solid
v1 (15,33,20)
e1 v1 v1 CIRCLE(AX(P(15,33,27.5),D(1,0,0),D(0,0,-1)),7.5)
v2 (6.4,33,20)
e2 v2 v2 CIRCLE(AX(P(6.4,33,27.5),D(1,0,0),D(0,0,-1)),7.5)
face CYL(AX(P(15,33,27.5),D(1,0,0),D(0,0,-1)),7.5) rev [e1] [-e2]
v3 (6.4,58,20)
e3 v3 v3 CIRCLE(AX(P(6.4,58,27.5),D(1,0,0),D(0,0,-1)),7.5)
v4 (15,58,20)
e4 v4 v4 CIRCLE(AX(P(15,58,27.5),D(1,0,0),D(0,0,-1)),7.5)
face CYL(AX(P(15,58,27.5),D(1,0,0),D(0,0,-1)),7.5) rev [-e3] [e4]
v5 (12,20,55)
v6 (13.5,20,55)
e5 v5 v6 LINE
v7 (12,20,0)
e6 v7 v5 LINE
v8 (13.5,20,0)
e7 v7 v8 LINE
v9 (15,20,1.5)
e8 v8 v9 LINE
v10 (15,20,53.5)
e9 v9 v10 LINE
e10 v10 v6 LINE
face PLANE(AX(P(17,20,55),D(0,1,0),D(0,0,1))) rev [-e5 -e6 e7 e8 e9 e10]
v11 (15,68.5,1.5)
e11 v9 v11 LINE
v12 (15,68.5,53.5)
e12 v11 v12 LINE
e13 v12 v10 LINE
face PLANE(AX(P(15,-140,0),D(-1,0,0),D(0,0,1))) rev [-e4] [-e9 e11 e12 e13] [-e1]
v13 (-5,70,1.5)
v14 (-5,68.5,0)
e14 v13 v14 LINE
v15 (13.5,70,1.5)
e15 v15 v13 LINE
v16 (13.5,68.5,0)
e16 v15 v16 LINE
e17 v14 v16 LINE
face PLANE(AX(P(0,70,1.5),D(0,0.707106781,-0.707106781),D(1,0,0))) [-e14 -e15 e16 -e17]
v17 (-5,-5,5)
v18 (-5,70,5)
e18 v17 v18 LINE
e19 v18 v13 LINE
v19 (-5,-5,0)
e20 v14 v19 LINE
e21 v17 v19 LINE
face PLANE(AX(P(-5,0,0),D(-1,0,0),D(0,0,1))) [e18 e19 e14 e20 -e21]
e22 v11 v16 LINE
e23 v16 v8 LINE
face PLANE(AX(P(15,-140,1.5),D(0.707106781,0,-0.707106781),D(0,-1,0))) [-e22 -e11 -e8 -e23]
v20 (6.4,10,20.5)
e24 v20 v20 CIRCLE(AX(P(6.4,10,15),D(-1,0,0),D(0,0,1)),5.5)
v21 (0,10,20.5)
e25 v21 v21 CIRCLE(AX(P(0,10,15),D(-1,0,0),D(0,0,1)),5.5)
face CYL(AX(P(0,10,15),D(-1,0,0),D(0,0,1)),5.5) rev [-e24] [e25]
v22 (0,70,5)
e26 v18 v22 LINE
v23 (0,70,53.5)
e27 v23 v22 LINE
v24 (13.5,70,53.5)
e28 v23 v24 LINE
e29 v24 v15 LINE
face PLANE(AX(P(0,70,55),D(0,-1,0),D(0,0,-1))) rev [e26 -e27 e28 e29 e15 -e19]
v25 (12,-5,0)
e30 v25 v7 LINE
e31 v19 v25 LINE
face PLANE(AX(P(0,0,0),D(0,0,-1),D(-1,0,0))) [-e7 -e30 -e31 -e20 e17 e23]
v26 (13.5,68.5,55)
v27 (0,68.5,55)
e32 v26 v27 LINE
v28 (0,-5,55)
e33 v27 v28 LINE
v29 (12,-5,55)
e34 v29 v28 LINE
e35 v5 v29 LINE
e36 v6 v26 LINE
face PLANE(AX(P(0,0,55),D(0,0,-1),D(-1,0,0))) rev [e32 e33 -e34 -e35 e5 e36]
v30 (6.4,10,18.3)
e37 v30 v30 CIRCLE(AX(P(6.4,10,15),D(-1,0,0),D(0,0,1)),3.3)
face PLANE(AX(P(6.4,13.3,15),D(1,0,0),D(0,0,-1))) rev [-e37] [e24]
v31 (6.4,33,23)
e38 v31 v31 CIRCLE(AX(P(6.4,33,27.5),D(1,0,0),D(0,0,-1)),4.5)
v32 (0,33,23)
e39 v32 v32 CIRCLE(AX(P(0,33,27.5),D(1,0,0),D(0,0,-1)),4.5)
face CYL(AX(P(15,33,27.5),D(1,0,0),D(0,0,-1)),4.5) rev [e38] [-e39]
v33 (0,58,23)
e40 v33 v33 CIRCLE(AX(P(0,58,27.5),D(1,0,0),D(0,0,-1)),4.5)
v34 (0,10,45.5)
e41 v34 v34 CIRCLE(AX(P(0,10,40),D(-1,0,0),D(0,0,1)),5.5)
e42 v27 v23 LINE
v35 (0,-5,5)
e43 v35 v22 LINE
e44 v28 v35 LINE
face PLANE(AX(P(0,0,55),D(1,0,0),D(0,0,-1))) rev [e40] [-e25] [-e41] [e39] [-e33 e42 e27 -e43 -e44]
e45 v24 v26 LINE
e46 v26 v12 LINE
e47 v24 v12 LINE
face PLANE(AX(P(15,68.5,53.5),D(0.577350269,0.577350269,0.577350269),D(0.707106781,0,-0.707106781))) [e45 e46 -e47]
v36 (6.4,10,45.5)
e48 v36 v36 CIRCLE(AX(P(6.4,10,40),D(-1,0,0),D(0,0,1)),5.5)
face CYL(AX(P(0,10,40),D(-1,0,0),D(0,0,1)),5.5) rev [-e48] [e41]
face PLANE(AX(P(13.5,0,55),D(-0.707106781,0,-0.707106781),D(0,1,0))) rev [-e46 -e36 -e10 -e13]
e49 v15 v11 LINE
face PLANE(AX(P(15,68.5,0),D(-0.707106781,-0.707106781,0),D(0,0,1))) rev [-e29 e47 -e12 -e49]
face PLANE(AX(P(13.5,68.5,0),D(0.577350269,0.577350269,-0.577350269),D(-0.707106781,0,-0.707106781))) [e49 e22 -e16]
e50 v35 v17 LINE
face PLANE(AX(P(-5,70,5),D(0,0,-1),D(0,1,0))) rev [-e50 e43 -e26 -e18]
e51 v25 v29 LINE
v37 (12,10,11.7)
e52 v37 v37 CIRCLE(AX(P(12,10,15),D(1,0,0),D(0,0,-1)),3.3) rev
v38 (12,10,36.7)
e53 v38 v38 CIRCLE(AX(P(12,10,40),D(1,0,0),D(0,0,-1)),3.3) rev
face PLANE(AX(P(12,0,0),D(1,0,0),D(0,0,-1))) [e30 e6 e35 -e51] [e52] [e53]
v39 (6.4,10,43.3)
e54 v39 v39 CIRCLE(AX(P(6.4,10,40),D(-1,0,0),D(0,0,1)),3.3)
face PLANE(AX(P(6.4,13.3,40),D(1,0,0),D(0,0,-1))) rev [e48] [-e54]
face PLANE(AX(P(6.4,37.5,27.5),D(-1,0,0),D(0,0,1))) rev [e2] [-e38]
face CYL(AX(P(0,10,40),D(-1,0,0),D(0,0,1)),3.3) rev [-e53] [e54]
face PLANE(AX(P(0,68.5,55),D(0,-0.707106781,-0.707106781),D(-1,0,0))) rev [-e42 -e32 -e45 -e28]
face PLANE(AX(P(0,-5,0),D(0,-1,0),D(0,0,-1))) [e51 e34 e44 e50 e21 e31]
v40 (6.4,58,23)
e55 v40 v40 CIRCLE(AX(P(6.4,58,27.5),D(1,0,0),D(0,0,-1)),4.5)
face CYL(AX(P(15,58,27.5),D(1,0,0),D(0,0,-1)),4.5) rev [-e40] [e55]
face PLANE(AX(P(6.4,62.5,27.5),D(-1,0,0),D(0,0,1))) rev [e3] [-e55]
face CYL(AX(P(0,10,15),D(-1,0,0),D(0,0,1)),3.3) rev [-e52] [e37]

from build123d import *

# Parameters (mm, degrees)
BOSS_EXTRUDE1_DEPTH                                 = 55
SKETCH2_W                                           = 5
SKETCH2_H                                           = 70
BOSS_EXTRUDE2_DEPTH                                 = 5
M5_TAPPED_HOLE1_AT_2_COUNT                          = 2
M5_TAPPED_HOLE1_AT_2_PITCH                          = 20
M5_TAPPED_HOLE1_AT_3_COUNT                          = 2
M5_TAPPED_HOLE1_AT_3_PITCH                          = 40
M5_TAPPED_HOLE1_AT_4_COUNT                          = 2
M5_TAPPED_HOLE1_AT_4_PITCH                          = 60
SKETCH8_W                                           = 104.564197306
SKETCH8_H                                           = 46.562487895
CUT_EXTRUDE1_DEPTH                                  = 87
BOSS_EXTRUDE3_DEPTH                                 = 5
SKETCH10_W                                          = 55
SKETCH10_H                                          = 20
CUT_EXTRUDE2_DEPTH                                  = 3
CBORE_FOR_M6_HEX_SOCKET_HEAD_CAP_SCREW1_D           = 6.6
CBORE_FOR_M6_HEX_SOCKET_HEAD_CAP_SCREW1_CBORE_D     = 11
CBORE_FOR_M6_HEX_SOCKET_HEAD_CAP_SCREW1_CBORE_DEPTH = 6.4
SKETCH13_W                                          = 55
SKETCH13_H                                          = 20
CUT_EXTRUDE3_DEPTH                                  = 5
SKETCH14_W                                          = 5
SKETCH14_H                                          = 55
CUT_EXTRUDE4_DEPTH                                  = 210
SKETCH15_W                                          = 3
SKETCH15_H                                          = 5
CUT_EXTRUDE5_DEPTH                                  = 210
CBORE_FOR_M8_HEX_SOCKET_HEAD_CAP_SCREW1_D           = 9
CBORE_FOR_M8_HEX_SOCKET_HEAD_CAP_SCREW1_CBORE_D     = 15
CBORE_FOR_M8_HEX_SOCKET_HEAD_CAP_SCREW1_CBORE_DEPTH = 8.6
SKETCH18_W                                          = 5
SKETCH18_H                                          = 75
CUT_EXTRUDE6_DEPTH                                  = 210
CHAMFER1_SIZE                                       = 1.5


with BuildPart() as part:
    # Sketch1 → Boss-Extrude1 (new body)
    with BuildSketch(Plane.XY):
        Polygon((0, 0), (110, 0), (110, 20), (20, 20), (20, 70), (0, 70), align=None)
    extrude(amount=BOSS_EXTRUDE1_DEPTH)

    # Sketch2 → Boss-Extrude2 (add)
    with BuildSketch(Plane.ZY):
        with Locations((52.5, 35)):
            Rectangle(SKETCH2_W, SKETCH2_H)
        with Locations((2.5, 35)):
            Rectangle(SKETCH2_W, SKETCH2_H)
    extrude(amount=BOSS_EXTRUDE2_DEPTH)

    # Sketch4 → M5 Tapped Hole1 (revolve, cut)
    with BuildSketch(Plane(origin=(100, 12.5, 55), x_dir=(0, -1, 0), z_dir=(1, 0, 0))):
        Polygon((0, 0), (0, 15.2618073), (2.1, 14), (2.1, 0), align=None)
    m5_tapped_hole1 = revolve(axis=Axis((100, 12.5, 61.35), (0, 0, -1)), mode=Mode.SUBTRACT)

    # M5 Tapped Hole1 at 2: M5 Tapped Hole1 ×2
    with Locations(*[(-i * M5_TAPPED_HOLE1_AT_2_PITCH, 0, 0) for i in range(1, M5_TAPPED_HOLE1_AT_2_COUNT)]):
        add(m5_tapped_hole1, mode=Mode.SUBTRACT)

    # M5 Tapped Hole1 at 3: M5 Tapped Hole1 ×2
    with Locations(*[(-i * M5_TAPPED_HOLE1_AT_3_PITCH, 0, 0) for i in range(1, M5_TAPPED_HOLE1_AT_3_COUNT)]):
        add(m5_tapped_hole1, mode=Mode.SUBTRACT)

    # M5 Tapped Hole1 at 4: M5 Tapped Hole1 ×2
    with Locations(*[(-i * M5_TAPPED_HOLE1_AT_4_PITCH, 0, 0) for i in range(1, M5_TAPPED_HOLE1_AT_4_COUNT)]):
        add(m5_tapped_hole1, mode=Mode.SUBTRACT)

    # Mirror1: M5 Tapped Hole1 across plane
    add(m5_tapped_hole1.mirror(Plane.XY.offset(27.5)), mode=Mode.SUBTRACT)

    # Mirror1 copy 1 sketch → Mirror1 copy 1 (revolve, cut)
    with BuildSketch(Plane(origin=(80, 12.5, 0), x_dir=(0, -1, 0), z_dir=(1, 0, 0))):
        Polygon((0, 0), (0, -15.2618073), (2.1, -14), (2.1, 0), align=None)
    revolve(axis=Axis((80, 12.5, -6.35), (0, 0, -1)), mode=Mode.SUBTRACT)

    # Mirror1 copy 2 sketch → Mirror1 copy 2 (revolve, cut)
    with BuildSketch(Plane(origin=(60, 12.5, 0), x_dir=(0, -1, 0), z_dir=(1, 0, 0))):
        Polygon((0, 0), (0, -15.2618073), (2.1, -14), (2.1, 0), align=None)
    revolve(axis=Axis((60, 12.5, -6.35), (0, 0, -1)), mode=Mode.SUBTRACT)

    # Mirror1 copy 3 sketch → Mirror1 copy 3 (revolve, cut)
    with BuildSketch(Plane(origin=(40, 12.5, 0), x_dir=(0, -1, 0), z_dir=(1, 0, 0))):
        Polygon((0, 0), (0, -15.2618073), (2.1, -14), (2.1, 0), align=None)
    revolve(axis=Axis((40, 12.5, -6.35), (0, 0, -1)), mode=Mode.SUBTRACT)

    # Sketch8 → Cut-Extrude1 (cut)
    with BuildSketch(Plane.XY.offset(55)):
        with Locations((72.282098653, 13.535500523)):
            Rectangle(SKETCH8_W, SKETCH8_H)
    extrude(amount=-CUT_EXTRUDE1_DEPTH, mode=Mode.SUBTRACT)

    # Sketch9 → Boss-Extrude3 (add)
    with BuildSketch(Plane.XZ):
        Polygon((-5, 55), (-5, 50), (0, 50), (0, 5), (-5, 5), (-5, 0), (20, 0), (20, 55), align=None)
    extrude(amount=BOSS_EXTRUDE3_DEPTH)

    # Sketch10 → Cut-Extrude2 (cut)
    with BuildSketch(Plane(origin=(20, 0, 0), x_dir=(0, 0, -1), z_dir=(1, 0, 0))):
        with Locations((-27.5, 10)):
            Rectangle(SKETCH10_W, SKETCH10_H)
    extrude(amount=-CUT_EXTRUDE2_DEPTH, mode=Mode.SUBTRACT)

    # CBORE for M6 Hex Socket Head Cap Screw1 (through all)
    with Locations(Plane.ZY):
        with Locations((15, 10), (40, 10)):
            CounterBoreHole(CBORE_FOR_M6_HEX_SOCKET_HEAD_CAP_SCREW1_D / 2, CBORE_FOR_M6_HEX_SOCKET_HEAD_CAP_SCREW1_CBORE_D / 2, CBORE_FOR_M6_HEX_SOCKET_HEAD_CAP_SCREW1_CBORE_DEPTH)

    # Sketch13 → Cut-Extrude3 (cut)
    with BuildSketch(Plane(origin=(17, 0, 0), x_dir=(0, 0, -1), z_dir=(1, 0, 0))):
        with Locations((-27.5, 10)):
            Rectangle(SKETCH13_W, SKETCH13_H)
    extrude(amount=-CUT_EXTRUDE3_DEPTH, mode=Mode.SUBTRACT)

    # Sketch14 → Cut-Extrude4 (cut)
    with BuildSketch(Plane(origin=(0, 70, 0), x_dir=(1, 0, 0), z_dir=(0, 1, 0))):
        with Locations((17.5, -27.5)):
            Rectangle(SKETCH14_W, SKETCH14_H)
    extrude(amount=-CUT_EXTRUDE4_DEPTH, mode=Mode.SUBTRACT)

    # Sketch15 → Cut-Extrude5 (cut)
    with BuildSketch(Plane.XY.offset(55)):
        with Locations((13.5, -2.5)):
            Rectangle(SKETCH15_W, SKETCH15_H)
    extrude(amount=-CUT_EXTRUDE5_DEPTH, mode=Mode.SUBTRACT)

    # CBORE for M8 Hex Socket Head Cap Screw1 (through all)
    with Locations(Plane(origin=(15, 0, 0), x_dir=(0, 0, -1), z_dir=(1, 0, 0))):
        with Locations((-27.5, 58), (-27.5, 33)):
            CounterBoreHole(CBORE_FOR_M8_HEX_SOCKET_HEAD_CAP_SCREW1_D / 2, CBORE_FOR_M8_HEX_SOCKET_HEAD_CAP_SCREW1_CBORE_D / 2, CBORE_FOR_M8_HEX_SOCKET_HEAD_CAP_SCREW1_CBORE_DEPTH)

    # Sketch18 → Cut-Extrude6 (cut)
    with BuildSketch(Plane(origin=(0, 0, 50), x_dir=(-1, 0, 0), z_dir=(0, 0, -1))):
        with Locations((2.5, 32.5)):
            Rectangle(SKETCH18_W, SKETCH18_H)
    extrude(amount=-CUT_EXTRUDE6_DEPTH, mode=Mode.SUBTRACT)

    # Chamfer1
    chamfer1_edges = [part.edges().sort_by_distance(p)[0] for p in [
        (5, 70, 0),
        (7.5, 70, 55),
        (15, 45, 55),
        (15, 45, 0),
        (15, 70, 27.5),
    ]]
    chamfer(chamfer1_edges, length=CHAMFER1_SIZE)


solid = part.part
